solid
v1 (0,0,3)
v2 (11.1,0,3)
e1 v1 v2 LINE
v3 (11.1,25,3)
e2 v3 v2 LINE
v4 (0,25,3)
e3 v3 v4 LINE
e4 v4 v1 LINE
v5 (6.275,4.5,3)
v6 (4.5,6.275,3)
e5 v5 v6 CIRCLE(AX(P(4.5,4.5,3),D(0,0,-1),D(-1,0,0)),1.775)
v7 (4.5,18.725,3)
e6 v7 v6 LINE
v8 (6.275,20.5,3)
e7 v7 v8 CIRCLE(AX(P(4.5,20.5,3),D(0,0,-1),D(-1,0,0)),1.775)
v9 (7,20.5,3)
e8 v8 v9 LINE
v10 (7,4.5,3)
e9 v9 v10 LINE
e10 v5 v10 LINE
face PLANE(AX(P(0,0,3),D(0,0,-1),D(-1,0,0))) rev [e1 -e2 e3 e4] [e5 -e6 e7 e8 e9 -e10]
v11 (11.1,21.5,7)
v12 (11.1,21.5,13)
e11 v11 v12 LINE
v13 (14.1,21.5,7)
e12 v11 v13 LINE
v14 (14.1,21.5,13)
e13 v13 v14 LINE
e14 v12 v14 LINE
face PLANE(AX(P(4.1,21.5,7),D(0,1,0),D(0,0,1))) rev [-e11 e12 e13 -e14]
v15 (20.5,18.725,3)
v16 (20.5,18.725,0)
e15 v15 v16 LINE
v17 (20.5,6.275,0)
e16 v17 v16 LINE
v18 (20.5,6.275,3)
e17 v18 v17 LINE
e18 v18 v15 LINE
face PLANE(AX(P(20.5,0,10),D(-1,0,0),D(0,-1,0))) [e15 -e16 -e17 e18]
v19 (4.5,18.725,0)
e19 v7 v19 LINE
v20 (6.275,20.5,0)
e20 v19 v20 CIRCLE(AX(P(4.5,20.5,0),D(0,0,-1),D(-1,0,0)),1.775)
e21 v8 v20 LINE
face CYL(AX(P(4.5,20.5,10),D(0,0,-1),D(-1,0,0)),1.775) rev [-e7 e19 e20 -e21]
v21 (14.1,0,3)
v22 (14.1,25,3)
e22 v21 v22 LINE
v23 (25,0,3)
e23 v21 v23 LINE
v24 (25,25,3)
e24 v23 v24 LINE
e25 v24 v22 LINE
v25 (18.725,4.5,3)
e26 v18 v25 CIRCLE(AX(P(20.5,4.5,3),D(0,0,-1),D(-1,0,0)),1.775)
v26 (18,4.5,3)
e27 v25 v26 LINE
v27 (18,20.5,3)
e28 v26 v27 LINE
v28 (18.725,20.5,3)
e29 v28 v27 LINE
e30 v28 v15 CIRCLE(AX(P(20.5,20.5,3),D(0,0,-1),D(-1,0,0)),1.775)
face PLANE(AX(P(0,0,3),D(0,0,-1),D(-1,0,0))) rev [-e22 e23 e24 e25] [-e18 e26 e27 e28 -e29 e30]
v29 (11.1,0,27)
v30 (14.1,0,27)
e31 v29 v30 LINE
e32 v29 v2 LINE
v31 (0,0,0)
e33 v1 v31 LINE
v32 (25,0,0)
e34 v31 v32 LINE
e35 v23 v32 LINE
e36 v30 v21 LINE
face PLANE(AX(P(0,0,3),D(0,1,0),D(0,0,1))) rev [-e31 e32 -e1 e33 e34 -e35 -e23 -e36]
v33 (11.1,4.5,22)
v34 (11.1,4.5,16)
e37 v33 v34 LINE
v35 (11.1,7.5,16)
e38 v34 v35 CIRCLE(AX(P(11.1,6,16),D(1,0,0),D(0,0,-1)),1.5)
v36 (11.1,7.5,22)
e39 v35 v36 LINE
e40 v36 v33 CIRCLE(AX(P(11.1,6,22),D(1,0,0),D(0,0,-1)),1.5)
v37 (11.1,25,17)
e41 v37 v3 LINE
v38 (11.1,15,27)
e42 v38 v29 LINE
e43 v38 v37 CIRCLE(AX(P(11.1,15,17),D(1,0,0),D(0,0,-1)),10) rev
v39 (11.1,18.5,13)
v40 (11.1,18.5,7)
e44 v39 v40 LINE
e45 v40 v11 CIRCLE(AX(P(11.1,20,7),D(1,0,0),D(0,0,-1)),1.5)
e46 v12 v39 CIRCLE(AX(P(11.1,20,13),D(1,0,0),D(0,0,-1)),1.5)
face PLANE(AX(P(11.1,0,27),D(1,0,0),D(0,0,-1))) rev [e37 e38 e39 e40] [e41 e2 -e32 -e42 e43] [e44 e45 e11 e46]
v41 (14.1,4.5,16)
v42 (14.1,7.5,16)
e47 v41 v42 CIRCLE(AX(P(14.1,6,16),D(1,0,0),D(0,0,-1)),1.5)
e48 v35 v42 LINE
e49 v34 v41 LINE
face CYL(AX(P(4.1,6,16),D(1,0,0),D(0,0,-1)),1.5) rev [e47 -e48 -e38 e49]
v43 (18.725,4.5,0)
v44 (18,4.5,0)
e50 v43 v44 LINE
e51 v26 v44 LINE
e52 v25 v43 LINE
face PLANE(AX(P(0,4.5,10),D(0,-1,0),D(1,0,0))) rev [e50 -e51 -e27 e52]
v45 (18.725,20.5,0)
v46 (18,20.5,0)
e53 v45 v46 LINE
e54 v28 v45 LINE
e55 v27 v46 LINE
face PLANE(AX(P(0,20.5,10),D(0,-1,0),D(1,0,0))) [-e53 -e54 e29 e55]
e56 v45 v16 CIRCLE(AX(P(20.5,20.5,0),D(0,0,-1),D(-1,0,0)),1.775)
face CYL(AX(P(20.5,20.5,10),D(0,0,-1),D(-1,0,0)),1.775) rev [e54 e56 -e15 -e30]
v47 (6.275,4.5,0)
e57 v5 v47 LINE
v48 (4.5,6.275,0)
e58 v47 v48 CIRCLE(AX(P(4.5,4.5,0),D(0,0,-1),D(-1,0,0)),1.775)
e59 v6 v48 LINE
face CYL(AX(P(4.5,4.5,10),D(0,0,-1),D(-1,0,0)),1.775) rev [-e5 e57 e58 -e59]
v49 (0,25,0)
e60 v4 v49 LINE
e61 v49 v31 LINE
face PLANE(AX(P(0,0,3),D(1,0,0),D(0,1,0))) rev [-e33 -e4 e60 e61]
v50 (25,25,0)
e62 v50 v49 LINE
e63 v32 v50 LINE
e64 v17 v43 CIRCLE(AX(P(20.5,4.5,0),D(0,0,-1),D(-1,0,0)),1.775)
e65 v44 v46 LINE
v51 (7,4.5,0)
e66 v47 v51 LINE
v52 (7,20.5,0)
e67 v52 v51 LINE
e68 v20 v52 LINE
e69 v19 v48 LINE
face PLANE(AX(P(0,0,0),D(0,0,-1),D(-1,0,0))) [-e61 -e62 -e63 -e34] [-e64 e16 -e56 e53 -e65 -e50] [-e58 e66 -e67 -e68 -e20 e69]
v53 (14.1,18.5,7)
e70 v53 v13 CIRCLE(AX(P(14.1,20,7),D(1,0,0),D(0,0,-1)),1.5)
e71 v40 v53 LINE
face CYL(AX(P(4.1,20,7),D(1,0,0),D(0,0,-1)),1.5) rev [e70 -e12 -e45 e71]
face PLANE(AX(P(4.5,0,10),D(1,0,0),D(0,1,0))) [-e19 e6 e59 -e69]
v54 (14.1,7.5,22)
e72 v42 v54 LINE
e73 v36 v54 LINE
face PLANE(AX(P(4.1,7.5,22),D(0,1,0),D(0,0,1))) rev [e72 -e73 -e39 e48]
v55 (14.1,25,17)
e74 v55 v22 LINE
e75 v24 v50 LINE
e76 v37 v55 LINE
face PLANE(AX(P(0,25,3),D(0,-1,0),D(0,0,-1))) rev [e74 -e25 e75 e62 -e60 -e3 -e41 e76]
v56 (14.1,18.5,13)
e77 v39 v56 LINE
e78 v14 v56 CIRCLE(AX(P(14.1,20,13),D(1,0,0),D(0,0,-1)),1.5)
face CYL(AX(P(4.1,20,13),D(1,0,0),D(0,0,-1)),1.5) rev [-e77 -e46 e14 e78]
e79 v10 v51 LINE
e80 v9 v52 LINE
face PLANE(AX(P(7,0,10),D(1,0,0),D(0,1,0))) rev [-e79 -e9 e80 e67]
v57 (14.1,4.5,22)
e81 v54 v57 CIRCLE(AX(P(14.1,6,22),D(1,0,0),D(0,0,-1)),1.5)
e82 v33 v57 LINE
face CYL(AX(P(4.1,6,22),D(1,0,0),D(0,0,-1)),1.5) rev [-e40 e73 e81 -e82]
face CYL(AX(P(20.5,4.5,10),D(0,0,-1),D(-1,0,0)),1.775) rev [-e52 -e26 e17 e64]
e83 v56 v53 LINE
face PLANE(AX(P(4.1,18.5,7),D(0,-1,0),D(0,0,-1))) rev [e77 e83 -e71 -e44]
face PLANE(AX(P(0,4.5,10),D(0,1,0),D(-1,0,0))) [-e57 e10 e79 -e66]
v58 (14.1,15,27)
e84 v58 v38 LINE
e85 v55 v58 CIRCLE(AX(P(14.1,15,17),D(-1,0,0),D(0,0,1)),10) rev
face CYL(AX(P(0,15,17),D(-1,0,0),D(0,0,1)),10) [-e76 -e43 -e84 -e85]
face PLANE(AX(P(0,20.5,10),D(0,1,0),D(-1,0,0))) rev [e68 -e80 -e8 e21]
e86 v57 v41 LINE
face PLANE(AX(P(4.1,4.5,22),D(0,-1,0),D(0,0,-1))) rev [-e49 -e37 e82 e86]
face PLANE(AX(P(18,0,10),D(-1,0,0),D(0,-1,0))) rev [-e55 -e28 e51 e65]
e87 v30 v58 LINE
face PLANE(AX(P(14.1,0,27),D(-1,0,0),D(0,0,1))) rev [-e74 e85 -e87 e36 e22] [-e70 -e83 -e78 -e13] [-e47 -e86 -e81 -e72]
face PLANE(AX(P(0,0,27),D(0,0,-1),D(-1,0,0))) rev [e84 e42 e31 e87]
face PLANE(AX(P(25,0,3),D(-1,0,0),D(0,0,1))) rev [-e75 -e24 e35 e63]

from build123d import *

# Parameters (mm, degrees)
ESQUISSE1_W             = 25
ESQUISSE1_H             = 25
BOSS_EXTRU_1_DEPTH      = 3
ESQUISSE4_R             = 1.775
ESQUISSE4_W             = 2.5
ESQUISSE4_H             = 16
ENL_V_MAT_EXTRU_1_DEPTH = 10
ESQUISSE5_W             = 3
ESQUISSE5_H             = 25
BOSS_EXTRU_3_DEPTH      = 24
ENL_V_MAT_EXTRU_2_DEPTH = 10
CONG_1_R                = 10


with BuildPart() as part:
    # Esquisse1 → Boss.-Extru.1 (new body)
    with BuildSketch(Plane.XY):
        with Locations((12.5, 12.5)):
            Rectangle(ESQUISSE1_W, ESQUISSE1_H)
    extrude(amount=BOSS_EXTRU_1_DEPTH)

    # Esquisse4 → Enlèv. mat.-Extru.1 (cut)
    with BuildSketch(Plane(origin=(0, 0, 0), x_dir=(-1, 0, 0), z_dir=(0, 0, -1))):
        with BuildLine():
            Line((-20.5, 6.275), (-20.5, 4.5))
            Line((-20.5, 4.5), (-18.725, 4.5))
            ThreePointArc((-18.725, 4.5), (-19.244885463, 5.755114537), (-20.5, 6.275))
        make_face()
        with BuildLine():
            Line((-18.725, 4.5), (-20.5, 4.5))
            Line((-20.5, 4.5), (-20.5, 6.275))
            ThreePointArc((-20.5, 6.275), (-21.755114537, 3.244885463), (-18.725, 4.5))
        make_face()
        with Locations((-20.5, 20.5)):
            Circle(ESQUISSE4_R)
        with Locations((-20.5, 4.5)):
            Circle(ESQUISSE4_R)
        with Locations((-19.25, 12.5)):
            Rectangle(ESQUISSE4_W, ESQUISSE4_H)
        with BuildLine():
            ThreePointArc((-18.725, 20.5), (-21.755114537, 21.755114537), (-20.5, 18.725))
            Line((-20.5, 18.725), (-20.5, 20.5))
            Line((-20.5, 20.5), (-18.725, 20.5))
        make_face()
        with BuildLine():
            Line((-20.5, 20.5), (-20.5, 18.725))
            ThreePointArc((-20.5, 18.725), (-19.244885463, 19.244885463), (-18.725, 20.5))
            Line((-18.725, 20.5), (-20.5, 20.5))
        make_face()
        with BuildLine():
            Line((-4.5, 18.725), (-4.5, 20.5))
            Line((-4.5, 20.5), (-6.275, 20.5))
            ThreePointArc((-6.275, 20.5), (-5.755114537, 19.244885463), (-4.5, 18.725))
        make_face()
        with BuildLine():
            Line((-6.275, 20.5), (-4.5, 20.5))
            Line((-4.5, 20.5), (-4.5, 18.725))
            ThreePointArc((-4.5, 18.725), (-3.244885463, 19.244885463), (-2.725, 20.5))
            ThreePointArc((-2.725, 20.5), (-4.5, 22.275), (-6.275, 20.5))
        make_face()
        with Locations((-4.5, 4.5)):
            Circle(ESQUISSE4_R)
        with Locations((-4.5, 20.5)):
            Circle(ESQUISSE4_R)
        with Locations((-5.75, 12.5)):
            Rectangle(ESQUISSE4_W, ESQUISSE4_H)
        with BuildLine():
            ThreePointArc((-2.725, 4.5), (-3.244885463, 5.755114537), (-4.5, 6.275))
            Line((-4.5, 6.275), (-4.5, 4.5))
            Line((-4.5, 4.5), (-6.275, 4.5))
            ThreePointArc((-6.275, 4.5), (-4.5, 2.725), (-2.725, 4.5))
        make_face()
        with BuildLine():
            Line((-4.5, 4.5), (-4.5, 6.275))
            ThreePointArc((-4.5, 6.275), (-5.755114537, 5.755114537), (-6.275, 4.5))
            Line((-6.275, 4.5), (-4.5, 4.5))
        make_face()
    extrude(amount=-ENL_V_MAT_EXTRU_1_DEPTH, mode=Mode.SUBTRACT)

    # Esquisse5 → Boss.-Extru.3 (add)
    with BuildSketch(Plane.XY.offset(3)):
        with Locations((12.6, 12.5)):
            Rectangle(ESQUISSE5_W, ESQUISSE5_H)
    extrude(amount=BOSS_EXTRU_3_DEPTH)

    # Esquisse6 → Enlèv. mat.-Extru.2 (cut)
    with BuildSketch(Plane(origin=(14.1, 0, 0), x_dir=(0, 0, -1), z_dir=(1, 0, 0))):
        with BuildLine():
            Line((-22, 7.5), (-16, 7.5))
            ThreePointArc((-16, 7.5), (-14.5, 6), (-16, 4.5))
            Line((-16, 4.5), (-22, 4.5))
            ThreePointArc((-22, 4.5), (-23.5, 6), (-22, 7.5))
        make_face()
        with BuildLine():
            Line((-7, 18.5), (-13, 18.5))
            ThreePointArc((-13, 18.5), (-14.5, 20), (-13, 21.5))
            Line((-13, 21.5), (-7, 21.5))
            ThreePointArc((-7, 21.5), (-5.5, 20), (-7, 18.5))
        make_face()
    extrude(amount=-ENL_V_MAT_EXTRU_2_DEPTH, mode=Mode.SUBTRACT)

    # Congé1
    cong_1_edges = [part.edges().sort_by_distance(p)[0] for p in [
        (12.6, 25, 27),
    ]]
    fillet(cong_1_edges, radius=CONG_1_R)


solid = part.part
